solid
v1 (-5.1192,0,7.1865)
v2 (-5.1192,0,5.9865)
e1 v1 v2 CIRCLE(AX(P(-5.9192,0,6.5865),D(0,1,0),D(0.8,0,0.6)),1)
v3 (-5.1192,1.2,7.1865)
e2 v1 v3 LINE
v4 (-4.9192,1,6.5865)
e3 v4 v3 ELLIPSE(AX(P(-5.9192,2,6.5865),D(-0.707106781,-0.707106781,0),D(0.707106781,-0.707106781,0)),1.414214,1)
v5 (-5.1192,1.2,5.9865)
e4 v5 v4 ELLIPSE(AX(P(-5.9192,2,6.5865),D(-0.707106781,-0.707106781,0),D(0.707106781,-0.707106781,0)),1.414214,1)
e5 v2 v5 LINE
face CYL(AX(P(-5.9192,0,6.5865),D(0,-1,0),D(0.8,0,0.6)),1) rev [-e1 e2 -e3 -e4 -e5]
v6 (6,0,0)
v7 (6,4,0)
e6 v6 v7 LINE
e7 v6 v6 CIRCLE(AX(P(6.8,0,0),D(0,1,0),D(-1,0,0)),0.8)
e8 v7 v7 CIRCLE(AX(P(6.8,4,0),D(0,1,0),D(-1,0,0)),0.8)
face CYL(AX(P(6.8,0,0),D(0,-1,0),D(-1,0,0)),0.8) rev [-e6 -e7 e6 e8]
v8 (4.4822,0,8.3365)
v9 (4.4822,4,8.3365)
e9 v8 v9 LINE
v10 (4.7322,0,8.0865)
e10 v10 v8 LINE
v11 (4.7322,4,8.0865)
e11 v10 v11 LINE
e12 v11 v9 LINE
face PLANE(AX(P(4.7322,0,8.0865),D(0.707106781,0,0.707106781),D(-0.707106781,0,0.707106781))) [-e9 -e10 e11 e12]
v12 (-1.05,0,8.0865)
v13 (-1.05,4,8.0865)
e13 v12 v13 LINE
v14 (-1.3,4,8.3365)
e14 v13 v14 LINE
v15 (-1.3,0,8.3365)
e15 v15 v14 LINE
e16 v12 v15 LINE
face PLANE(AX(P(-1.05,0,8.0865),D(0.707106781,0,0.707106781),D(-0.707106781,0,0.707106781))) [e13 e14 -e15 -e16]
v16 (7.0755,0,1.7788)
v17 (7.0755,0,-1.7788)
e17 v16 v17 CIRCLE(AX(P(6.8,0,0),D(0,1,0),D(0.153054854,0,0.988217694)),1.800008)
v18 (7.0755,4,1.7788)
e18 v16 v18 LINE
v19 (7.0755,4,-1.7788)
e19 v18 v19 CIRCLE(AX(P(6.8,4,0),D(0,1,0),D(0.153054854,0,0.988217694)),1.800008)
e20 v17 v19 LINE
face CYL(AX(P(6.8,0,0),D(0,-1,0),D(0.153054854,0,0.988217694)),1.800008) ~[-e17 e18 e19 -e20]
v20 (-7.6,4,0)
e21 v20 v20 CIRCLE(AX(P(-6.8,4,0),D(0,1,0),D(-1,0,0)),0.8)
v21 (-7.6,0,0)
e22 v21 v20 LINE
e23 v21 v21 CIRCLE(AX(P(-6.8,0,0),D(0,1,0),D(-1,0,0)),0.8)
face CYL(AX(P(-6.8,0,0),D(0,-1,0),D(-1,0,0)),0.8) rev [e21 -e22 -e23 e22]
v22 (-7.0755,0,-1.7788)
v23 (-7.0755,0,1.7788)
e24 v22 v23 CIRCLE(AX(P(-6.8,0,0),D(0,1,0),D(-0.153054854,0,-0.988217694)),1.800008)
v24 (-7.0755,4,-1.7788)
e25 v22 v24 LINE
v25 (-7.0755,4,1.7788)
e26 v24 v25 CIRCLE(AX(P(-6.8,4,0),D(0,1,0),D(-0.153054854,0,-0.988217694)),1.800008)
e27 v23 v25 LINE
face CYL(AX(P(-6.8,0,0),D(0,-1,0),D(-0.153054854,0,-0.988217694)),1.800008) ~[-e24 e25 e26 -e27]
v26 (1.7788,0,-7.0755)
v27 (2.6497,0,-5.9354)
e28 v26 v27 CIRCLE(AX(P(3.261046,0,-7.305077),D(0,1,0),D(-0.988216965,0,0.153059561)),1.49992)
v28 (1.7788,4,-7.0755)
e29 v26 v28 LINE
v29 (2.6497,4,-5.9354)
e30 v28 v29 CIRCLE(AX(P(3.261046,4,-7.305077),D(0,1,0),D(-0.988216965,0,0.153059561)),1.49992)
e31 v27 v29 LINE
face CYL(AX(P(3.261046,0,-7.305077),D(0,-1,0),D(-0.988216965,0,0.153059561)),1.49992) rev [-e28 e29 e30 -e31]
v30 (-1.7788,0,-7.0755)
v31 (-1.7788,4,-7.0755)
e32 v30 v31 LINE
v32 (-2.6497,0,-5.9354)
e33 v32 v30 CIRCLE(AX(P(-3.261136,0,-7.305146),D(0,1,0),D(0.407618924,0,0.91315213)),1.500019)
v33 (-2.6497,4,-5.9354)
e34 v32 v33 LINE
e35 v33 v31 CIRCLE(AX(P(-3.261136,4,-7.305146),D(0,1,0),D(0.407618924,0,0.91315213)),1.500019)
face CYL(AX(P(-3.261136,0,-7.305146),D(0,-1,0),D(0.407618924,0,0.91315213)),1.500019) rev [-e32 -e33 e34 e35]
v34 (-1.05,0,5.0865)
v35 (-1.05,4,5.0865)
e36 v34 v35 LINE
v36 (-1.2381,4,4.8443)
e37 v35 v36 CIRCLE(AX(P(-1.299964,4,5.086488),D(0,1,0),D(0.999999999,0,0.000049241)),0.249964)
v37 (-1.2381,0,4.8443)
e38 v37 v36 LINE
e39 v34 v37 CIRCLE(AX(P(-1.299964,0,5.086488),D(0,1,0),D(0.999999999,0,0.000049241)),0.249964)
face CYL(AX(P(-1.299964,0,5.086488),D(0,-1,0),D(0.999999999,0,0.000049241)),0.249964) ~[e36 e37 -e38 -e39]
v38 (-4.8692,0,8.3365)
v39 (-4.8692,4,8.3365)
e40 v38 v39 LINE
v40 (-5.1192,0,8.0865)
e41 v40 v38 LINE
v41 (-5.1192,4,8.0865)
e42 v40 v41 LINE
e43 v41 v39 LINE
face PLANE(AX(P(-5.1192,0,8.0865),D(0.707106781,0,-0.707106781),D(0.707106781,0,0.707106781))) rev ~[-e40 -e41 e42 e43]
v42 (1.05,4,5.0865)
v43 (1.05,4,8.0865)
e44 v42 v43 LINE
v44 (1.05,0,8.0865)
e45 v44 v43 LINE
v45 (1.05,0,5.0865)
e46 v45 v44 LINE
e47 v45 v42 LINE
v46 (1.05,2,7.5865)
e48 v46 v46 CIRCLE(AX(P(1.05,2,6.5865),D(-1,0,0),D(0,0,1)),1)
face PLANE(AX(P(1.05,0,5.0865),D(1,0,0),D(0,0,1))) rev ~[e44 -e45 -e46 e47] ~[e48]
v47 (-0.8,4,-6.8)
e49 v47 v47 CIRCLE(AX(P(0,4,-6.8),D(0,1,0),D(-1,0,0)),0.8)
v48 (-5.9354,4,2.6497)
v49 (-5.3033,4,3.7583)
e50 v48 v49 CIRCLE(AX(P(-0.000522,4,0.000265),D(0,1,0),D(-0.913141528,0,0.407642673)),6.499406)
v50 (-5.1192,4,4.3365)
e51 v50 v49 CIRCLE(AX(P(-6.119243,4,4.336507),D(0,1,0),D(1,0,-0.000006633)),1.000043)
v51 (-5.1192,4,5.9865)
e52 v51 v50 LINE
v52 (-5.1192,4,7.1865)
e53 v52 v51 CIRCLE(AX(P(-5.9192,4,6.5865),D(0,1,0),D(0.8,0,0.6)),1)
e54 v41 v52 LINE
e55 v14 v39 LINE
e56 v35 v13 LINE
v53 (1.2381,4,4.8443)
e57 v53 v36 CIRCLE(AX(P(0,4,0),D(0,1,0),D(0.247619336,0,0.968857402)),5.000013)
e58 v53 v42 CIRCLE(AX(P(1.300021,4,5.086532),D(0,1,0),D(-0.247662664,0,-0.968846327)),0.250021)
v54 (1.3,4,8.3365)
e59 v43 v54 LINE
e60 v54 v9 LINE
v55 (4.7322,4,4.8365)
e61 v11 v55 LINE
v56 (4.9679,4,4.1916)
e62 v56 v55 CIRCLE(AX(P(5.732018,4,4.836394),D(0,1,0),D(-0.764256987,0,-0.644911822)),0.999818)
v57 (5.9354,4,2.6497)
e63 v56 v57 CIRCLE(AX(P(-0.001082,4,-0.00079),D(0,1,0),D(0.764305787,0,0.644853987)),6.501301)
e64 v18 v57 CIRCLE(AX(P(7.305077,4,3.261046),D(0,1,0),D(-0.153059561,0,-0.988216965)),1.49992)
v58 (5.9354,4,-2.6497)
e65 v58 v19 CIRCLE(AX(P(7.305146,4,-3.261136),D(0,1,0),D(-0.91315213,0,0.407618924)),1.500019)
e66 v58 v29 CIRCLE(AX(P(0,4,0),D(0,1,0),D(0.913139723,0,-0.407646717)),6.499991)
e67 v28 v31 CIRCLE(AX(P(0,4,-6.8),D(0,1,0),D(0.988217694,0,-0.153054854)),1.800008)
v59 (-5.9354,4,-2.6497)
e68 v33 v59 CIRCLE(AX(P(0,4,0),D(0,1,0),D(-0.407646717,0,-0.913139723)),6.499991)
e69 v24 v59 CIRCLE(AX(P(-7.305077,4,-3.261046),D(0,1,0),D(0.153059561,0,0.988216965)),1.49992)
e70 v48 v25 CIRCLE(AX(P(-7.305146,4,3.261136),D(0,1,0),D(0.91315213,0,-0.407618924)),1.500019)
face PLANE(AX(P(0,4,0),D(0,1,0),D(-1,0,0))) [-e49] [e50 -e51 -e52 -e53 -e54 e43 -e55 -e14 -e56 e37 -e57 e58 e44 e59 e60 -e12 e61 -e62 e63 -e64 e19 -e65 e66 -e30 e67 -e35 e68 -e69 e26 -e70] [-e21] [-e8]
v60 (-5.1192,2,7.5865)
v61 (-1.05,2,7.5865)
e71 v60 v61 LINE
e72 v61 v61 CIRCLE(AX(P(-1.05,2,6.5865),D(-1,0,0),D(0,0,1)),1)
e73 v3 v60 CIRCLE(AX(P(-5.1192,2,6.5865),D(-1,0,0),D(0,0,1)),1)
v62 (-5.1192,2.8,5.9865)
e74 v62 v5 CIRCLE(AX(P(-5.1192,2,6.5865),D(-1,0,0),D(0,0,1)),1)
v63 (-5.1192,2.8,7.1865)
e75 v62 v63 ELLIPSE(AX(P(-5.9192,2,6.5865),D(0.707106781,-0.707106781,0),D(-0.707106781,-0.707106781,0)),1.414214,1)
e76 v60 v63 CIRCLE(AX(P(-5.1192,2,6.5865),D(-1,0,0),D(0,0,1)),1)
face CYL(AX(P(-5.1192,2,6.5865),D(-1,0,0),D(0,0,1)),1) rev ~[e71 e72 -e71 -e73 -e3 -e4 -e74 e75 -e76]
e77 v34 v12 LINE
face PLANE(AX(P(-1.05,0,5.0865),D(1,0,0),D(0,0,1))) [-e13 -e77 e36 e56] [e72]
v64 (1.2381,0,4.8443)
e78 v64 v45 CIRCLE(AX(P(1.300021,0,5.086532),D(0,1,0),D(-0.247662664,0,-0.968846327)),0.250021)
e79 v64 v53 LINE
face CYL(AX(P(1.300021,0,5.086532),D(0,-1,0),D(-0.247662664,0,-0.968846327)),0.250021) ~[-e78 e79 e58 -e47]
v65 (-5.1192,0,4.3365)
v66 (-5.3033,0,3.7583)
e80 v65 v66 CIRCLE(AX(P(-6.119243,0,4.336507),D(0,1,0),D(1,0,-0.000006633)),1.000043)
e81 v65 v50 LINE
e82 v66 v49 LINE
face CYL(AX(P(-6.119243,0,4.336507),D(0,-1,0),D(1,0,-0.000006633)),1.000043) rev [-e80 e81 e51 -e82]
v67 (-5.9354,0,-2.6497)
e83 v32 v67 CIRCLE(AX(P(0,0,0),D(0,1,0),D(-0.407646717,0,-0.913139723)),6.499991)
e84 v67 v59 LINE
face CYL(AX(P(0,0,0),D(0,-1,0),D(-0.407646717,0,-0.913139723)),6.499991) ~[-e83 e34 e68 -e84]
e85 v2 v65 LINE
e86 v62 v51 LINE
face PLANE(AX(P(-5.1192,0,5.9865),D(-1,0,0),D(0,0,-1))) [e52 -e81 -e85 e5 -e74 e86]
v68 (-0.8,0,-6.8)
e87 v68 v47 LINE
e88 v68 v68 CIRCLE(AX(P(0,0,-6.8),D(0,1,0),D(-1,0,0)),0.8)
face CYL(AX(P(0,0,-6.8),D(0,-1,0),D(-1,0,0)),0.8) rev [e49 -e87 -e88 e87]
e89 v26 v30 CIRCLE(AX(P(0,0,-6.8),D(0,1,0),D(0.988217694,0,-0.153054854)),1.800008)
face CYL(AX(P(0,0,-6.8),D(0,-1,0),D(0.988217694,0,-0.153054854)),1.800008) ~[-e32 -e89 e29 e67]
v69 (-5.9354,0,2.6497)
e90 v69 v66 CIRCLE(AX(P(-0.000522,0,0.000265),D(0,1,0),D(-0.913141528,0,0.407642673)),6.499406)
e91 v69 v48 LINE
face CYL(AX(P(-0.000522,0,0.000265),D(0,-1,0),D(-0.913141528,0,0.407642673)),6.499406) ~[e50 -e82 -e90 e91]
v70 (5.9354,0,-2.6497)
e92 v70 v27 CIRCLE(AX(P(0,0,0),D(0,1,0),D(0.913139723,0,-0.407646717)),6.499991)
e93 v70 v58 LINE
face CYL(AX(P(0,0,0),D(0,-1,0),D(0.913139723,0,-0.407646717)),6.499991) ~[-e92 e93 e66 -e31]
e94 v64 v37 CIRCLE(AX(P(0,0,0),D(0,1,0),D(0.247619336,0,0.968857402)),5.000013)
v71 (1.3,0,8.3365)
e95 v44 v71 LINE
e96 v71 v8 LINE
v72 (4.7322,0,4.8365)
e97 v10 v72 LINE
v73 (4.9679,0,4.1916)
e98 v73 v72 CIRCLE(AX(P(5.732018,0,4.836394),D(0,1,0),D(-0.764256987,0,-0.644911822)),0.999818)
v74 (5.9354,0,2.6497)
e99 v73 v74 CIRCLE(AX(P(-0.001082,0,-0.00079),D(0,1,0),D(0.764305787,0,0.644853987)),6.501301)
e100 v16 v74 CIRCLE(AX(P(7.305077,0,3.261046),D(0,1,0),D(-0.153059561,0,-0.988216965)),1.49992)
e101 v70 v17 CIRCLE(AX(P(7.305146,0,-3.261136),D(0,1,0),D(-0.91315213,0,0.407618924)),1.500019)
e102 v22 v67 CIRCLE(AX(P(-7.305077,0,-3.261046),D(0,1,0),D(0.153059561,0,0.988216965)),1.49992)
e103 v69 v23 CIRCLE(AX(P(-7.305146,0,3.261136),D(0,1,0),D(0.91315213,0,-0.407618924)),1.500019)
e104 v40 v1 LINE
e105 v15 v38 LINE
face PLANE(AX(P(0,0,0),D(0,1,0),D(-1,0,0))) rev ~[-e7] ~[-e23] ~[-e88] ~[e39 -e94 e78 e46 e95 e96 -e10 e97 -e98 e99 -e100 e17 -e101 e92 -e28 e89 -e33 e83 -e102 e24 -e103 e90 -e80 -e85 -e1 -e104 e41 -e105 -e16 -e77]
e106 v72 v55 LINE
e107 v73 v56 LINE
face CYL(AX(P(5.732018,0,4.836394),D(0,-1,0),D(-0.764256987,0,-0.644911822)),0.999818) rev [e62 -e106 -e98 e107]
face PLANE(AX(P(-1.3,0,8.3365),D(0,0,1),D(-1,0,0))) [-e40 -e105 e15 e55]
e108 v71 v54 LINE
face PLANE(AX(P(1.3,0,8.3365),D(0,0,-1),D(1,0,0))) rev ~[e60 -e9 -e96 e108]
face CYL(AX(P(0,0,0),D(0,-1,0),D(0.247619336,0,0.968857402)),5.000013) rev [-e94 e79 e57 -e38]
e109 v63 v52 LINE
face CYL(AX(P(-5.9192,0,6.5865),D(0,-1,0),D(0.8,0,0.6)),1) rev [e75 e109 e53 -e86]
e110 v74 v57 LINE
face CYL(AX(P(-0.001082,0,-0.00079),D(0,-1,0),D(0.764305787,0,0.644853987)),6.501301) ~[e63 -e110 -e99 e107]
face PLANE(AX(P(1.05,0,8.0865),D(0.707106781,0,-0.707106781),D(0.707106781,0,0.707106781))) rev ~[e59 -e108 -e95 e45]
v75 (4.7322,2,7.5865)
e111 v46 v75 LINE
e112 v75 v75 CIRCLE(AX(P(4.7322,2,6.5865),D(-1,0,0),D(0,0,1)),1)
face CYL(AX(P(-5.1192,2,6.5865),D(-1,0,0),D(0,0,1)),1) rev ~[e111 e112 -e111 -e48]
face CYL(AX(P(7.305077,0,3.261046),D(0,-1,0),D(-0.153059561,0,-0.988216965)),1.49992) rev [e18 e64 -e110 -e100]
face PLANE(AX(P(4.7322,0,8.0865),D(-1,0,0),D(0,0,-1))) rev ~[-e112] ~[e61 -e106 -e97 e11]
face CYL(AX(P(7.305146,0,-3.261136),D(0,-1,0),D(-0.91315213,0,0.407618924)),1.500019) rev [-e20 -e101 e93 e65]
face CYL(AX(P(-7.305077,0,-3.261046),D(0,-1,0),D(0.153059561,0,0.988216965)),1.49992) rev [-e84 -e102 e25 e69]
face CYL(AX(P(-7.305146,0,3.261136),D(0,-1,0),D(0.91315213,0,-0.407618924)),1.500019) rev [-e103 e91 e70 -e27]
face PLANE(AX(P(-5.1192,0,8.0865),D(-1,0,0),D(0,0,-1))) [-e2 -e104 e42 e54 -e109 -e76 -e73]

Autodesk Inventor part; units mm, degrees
ref_plane "YZ Plane" through (0, 0, 0) normal (1, 0, 0) x (0, 1, 0)
ref_plane "XZ Plane" through (0, 0, 0) normal (0, 1, 0) x (-1, 0, 0)
ref_plane "XY Plane" through (0, 0, 0) normal (0, 0, 1) x (1, 0, 0)
sketch "スケッチ1" plane through (0, 0, 0) normal (0, 1, 0) x (-1, 0, 0)
  arc A0 (-1.2381, 4.8443) -> (1.2381, 4.8443) centre (0, 0) ccw
  line L0 (1.05, 5.0865) -> (1.05, 8.0865)
  line L1 (1.3, 8.3365) -> (4.8692, 8.3365)
  line L2 (-1.05, 5.0865) -> (-1.05, 8.0865)
  line L3 (-1.3, 8.3365) -> (-4.4822, 8.3365)
  line L4 (-4.7322, 8.0865) -> (-4.7322, 4.8365)
  line L5 (0, 0) -> (0, 8.2759) construction
  arc A1 (1.05, 5.0865) -> (1.2381, 4.8443) centre (1.3, 5.0865) ccw
  arc A2 (-1.2381, 4.8443) -> (-1.05, 5.0865) centre (-1.3, 5.0865) ccw
  arc A3 (-1.7788, -7.0755) -> (1.7788, -7.0755) centre (0, -6.8) ccw
  arc A4 (-4.9679, 4.1916) -> (-5.9354, 2.6497) centre (0, 0) ccw
  arc A5 (2.6497, -5.9354) -> (5.9354, -2.6497) centre (0, 0) ccw
  line L6 (0, -6.8) -> (0, 0) construction
  arc A6 (2.6497, -5.9354) -> (1.7788, -7.0755) centre (3.2611, -7.3051) ccw
  arc A7 (-1.7788, -7.0755) -> (-2.6497, -5.9354) centre (-3.2611, -7.3051) ccw
  circle A8 centre (0, -6.8) radius 0.8
  arc A9 (5.1192, 4.3365) -> (5.3033, 3.7583) centre (6.1192, 4.3365) ccw
  arc A10 (-4.9679, 4.1916) -> (-4.7322, 4.8365) centre (-5.7322, 4.8365) ccw
  line L7 (1.05, 8.0865) -> (1.3, 8.3365)
  line L8 (-1.05, 8.0865) -> (-1.3, 8.3365)
  arc A11 (5.1192, 7.1865) -> (5.1192, 5.9865) centre (5.9192, 6.5865) ccw
  line L9 (5.1192, 8.0865) -> (5.1192, 7.1865)
  line L10 (5.1192, 5.9865) -> (5.1192, 4.3365)
  line L11 (1.05, 6.5865) -> (5.9192, 6.5865) construction
  line L12 (5.1192, 8.0865) -> (4.8692, 8.3365)
  line L13 (-4.7322, 8.0865) -> (-4.4822, 8.3365)
  arc A12 (7.0755, -1.7788) -> (7.0755, 1.7788) centre (6.8, 0) ccw
  arc A13 (6.2684, -1.7197) -> (6.2684, 1.7197) centre (0, 0) ccw construction
  arc A14 (5.9354, 2.6497) -> (5.3033, 3.7583) centre (0, 0) ccw
  circle A15 centre (6.8, 0) radius 0.8
  arc A16 (7.0755, -1.7788) -> (5.9354, -2.6497) centre (7.3051, -3.2611) ccw
  arc A17 (5.9354, 2.6497) -> (7.0755, 1.7788) centre (7.3051, 3.2611) ccw
  line L14 (6.8, 0) -> (0, 0) construction
  arc A18 (-7.0755, 1.7788) -> (-7.0755, -1.7788) centre (-6.8, 0) ccw
  circle A19 centre (-6.8, 0) radius 0.8
  arc A20 (-5.9354, -2.6497) -> (-7.0755, -1.7788) centre (-7.3051, -3.2611) ccw
  arc A21 (-7.0755, 1.7788) -> (-5.9354, 2.6497) centre (-7.3051, 3.2611) ccw
  arc A22 (-5.9354, -2.6497) -> (-2.6497, -5.9354) centre (0, 0) ccw
  arc A23 (-5.9354, 2.6497) -> (-5.9354, -2.6497) centre (0, 0) ccw construction
  point P0 (-1.05, 4.8885)
  point P1 (1.05, 4.8885)
  point P2 (1.05, 8.3365)
  point P3 (5.1192, 8.3365)
  point P4 (5.1192, 4.0055)
  point P5 (-1.05, 8.3365)
  point P6 (-4.7322, 8.3365)
  point P7 (-4.7322, 4.456)
  dimension "d0" = 5
  dimension "d1" = 2.1
  dimension "d2" = 0.25
  dimension "d8" = 6.5
  dimension "d9" = 1.8
  dimension "d11" = 1.5
  dimension "d12" = 1.6
  dimension "d13" = 1
  dimension "d14" = 4
  dimension "d15" = 3.5
  dimension "d16" = 0.25
  dimension "d17" = 0.25
  dimension "d18" = 0.25
  dimension "d19" = 0.25
  dimension "d20" = 3
  dimension "d21" = 1
  dimension "d22" = 0.8
  dimension "d23" = 0.25
  dimension "d24" = 0.25
  dimension "d25" = 0.25
  dimension "d26" = 0.25
  dimension "d27" = 1.5
extrude "押し出し1" add sketch "スケッチ1" along normal blind 4
sketch "スケッチ2" plane through (-5.1192, 0, 7.1865) normal (-1, 0, 0) x (0, 0, 1)
  circle A0 centre (-0.6, 2) radius 1
  line L0 (-0.6, 2) -> (-0.6, 4) construction
  line L1 (-2.1, 4) -> (0.9, 4) construction
  point P0 (-7.1865, 0)
  dimension "d30" = 2
  dimension "d31" = 2
extrude "押し出し2" cut sketch "スケッチ2" against normal blind 10
equation "\"d17\" = d16"
equation "\"d18\" = d16"
equation "\"d19\" = d18"
equation "\"d24\" = d23"
equation "\"d25\" = d23"
equation "\"d26\" = d25"
properties part number "lod_holder" material "アルミニウム 6061"
